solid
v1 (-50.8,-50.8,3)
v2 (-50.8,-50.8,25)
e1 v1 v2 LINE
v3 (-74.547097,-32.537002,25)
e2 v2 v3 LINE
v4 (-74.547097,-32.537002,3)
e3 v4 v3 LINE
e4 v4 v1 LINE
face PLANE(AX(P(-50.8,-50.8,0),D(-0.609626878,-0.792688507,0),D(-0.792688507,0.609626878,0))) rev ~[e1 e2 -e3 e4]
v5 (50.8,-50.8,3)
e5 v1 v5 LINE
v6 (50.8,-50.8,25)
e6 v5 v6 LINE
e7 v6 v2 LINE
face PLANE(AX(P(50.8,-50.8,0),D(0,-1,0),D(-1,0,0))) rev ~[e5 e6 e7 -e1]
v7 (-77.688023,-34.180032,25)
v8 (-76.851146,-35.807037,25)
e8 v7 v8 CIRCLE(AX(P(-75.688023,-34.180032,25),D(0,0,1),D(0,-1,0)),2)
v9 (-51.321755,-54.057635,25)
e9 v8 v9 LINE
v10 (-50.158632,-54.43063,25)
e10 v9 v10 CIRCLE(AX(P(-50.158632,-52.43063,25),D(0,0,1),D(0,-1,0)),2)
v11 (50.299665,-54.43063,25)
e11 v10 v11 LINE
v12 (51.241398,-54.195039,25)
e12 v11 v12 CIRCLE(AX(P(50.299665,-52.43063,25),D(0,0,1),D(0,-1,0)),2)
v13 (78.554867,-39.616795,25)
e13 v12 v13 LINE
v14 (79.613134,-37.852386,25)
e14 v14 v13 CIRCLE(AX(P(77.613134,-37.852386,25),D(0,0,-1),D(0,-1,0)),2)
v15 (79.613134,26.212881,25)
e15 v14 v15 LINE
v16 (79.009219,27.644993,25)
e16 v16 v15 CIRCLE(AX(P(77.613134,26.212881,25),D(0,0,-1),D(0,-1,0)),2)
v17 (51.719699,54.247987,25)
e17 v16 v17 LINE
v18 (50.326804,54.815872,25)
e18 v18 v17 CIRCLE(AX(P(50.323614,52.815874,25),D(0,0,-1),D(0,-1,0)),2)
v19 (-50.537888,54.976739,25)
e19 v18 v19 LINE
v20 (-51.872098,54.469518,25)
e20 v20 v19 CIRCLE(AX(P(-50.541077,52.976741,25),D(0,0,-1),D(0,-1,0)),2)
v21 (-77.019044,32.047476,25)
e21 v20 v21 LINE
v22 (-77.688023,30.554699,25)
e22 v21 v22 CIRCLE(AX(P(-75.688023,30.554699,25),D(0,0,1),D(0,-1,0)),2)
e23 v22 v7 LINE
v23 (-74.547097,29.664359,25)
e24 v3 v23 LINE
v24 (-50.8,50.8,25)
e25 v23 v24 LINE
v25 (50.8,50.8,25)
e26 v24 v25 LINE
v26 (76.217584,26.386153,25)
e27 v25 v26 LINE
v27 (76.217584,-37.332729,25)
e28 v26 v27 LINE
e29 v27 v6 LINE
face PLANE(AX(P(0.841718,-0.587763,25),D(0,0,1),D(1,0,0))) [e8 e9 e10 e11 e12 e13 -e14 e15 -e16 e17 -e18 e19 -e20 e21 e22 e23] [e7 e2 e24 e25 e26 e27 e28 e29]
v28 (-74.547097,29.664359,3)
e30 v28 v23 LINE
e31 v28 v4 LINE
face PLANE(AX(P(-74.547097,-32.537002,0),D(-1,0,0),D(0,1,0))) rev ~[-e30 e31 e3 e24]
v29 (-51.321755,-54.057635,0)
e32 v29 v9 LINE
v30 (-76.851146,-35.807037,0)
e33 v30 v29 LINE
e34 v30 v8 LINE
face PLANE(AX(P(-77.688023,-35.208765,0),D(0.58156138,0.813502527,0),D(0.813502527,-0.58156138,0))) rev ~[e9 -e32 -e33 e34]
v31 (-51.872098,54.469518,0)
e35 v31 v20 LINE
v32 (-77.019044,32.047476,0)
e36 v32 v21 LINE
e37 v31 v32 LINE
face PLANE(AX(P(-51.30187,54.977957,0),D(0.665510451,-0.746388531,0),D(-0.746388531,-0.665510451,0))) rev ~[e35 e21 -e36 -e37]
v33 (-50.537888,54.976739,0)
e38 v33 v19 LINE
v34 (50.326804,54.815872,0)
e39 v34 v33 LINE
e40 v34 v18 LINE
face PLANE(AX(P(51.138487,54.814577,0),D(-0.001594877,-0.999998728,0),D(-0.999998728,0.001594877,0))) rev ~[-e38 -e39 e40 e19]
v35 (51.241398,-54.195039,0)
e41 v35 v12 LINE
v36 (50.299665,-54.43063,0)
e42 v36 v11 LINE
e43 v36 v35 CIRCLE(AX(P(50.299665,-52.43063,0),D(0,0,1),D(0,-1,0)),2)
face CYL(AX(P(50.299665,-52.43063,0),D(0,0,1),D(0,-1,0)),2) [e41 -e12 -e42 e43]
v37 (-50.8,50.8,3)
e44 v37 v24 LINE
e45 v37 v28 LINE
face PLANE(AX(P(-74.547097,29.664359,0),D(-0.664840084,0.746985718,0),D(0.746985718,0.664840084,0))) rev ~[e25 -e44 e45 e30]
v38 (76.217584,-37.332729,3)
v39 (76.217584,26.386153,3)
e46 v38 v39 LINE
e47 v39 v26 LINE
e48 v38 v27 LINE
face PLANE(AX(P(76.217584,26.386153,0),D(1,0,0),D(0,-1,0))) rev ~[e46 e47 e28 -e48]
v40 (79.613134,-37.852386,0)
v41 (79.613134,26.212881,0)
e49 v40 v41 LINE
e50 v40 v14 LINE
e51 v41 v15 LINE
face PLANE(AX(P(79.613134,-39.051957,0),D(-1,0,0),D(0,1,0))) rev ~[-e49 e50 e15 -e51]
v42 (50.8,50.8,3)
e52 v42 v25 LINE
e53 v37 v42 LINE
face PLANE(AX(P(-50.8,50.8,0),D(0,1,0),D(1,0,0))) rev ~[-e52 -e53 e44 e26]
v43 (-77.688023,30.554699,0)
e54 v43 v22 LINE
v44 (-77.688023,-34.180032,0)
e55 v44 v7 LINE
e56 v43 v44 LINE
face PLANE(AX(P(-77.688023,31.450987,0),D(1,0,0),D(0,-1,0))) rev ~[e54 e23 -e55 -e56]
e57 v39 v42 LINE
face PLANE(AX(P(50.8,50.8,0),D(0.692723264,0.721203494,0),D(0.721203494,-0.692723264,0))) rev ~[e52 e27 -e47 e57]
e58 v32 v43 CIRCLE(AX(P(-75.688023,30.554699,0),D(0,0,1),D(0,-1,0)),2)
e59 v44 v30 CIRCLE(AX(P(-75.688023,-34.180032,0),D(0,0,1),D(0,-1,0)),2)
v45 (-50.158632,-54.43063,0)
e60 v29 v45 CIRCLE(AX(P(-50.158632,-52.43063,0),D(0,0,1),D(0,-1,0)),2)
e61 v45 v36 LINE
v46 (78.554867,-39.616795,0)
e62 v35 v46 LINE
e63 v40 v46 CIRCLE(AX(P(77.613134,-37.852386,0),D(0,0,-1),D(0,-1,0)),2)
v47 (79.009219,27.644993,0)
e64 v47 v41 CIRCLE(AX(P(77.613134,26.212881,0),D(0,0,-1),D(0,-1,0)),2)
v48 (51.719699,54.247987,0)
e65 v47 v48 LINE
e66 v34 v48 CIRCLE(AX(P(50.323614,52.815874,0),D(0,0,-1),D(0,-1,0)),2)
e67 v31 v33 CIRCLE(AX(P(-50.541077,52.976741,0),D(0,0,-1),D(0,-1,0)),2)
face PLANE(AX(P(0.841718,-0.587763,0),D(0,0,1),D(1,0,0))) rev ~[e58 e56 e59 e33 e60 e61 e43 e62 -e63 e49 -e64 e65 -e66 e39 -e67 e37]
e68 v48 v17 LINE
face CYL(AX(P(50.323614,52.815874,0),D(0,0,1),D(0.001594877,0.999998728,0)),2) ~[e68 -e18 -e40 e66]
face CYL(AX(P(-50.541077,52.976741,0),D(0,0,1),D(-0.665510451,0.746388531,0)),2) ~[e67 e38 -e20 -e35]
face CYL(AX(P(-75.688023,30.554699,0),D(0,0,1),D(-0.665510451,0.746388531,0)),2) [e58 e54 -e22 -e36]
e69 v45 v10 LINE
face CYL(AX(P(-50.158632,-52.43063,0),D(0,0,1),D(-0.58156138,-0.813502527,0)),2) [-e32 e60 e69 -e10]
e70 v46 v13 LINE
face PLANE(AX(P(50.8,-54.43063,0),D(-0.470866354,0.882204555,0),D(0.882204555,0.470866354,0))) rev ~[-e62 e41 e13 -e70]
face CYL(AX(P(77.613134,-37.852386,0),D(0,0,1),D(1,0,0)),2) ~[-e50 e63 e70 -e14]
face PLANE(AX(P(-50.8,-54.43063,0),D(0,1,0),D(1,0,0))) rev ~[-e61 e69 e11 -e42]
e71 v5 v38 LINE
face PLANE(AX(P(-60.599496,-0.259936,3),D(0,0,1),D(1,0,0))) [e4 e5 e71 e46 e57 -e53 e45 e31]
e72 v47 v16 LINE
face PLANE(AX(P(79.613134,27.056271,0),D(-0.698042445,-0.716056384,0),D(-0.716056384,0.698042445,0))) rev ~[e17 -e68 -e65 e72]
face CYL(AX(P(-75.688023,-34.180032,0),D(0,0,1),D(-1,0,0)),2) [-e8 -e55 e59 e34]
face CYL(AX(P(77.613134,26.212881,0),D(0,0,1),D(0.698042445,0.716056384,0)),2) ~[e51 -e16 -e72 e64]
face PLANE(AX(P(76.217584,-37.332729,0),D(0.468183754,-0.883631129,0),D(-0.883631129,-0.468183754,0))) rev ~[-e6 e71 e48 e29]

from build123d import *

# Parameters (mm, degrees)
F0_W     = 101.6
F0_H     = 101.6
F1_DEPTH = 3
F2_DEPTH = 25
F3_R     = 2


with BuildPart() as f1:
    # F0 (on Top) → F1 (new body)
    with BuildSketch(Plane.XY):
        Polygon((-50.8, -50.8), (-50.8, 50.8), (-74.547097, 29.664359), (-74.547097, -32.537002), align=None)
        Rectangle(F0_W, F0_H)
        Polygon((76.217584, 26.386153), (50.8, 50.8), (50.8, -50.8), (76.217584, -37.332729), align=None)
    extrude(amount=F1_DEPTH)

    # F0 (on Top) → F2 (join)
    with BuildSketch(Plane.XY):
        Polygon((-51.30187, 54.977957), (-77.688023, 31.450987), (-77.688023, -35.208765), (-50.8, -54.43063), (50.8, -54.43063), (79.613134, -39.051957), (79.613134, 27.056271), (51.138487, 54.814577), align=None)
        Polygon((-74.547097, 29.664359), (-50.8, 50.8), (50.8, 50.8), (76.217584, 26.386153), (76.217584, -37.332729), (50.8, -50.8), (-50.8, -50.8), (-74.547097, -32.537002), align=None, mode=Mode.SUBTRACT)
    extrude(amount=F2_DEPTH)

    # F3
    f3_edges = [f1.edges().sort_by_distance(p)[0] for p in [
        (-50.8, -54.43063, 12.5),
        (-77.688023, -35.208765, 12.5),
        (50.8, -54.43063, 12.5),
        (79.613134, -39.051957, 12.5),
        (79.613134, 27.056271, 12.5),
        (51.138487, 54.814577, 12.5),
        (-51.30187, 54.977957, 12.5),
        (-77.688023, 31.450987, 12.5),
    ]]
    fillet(f3_edges, radius=F3_R)


solid = f1.part
